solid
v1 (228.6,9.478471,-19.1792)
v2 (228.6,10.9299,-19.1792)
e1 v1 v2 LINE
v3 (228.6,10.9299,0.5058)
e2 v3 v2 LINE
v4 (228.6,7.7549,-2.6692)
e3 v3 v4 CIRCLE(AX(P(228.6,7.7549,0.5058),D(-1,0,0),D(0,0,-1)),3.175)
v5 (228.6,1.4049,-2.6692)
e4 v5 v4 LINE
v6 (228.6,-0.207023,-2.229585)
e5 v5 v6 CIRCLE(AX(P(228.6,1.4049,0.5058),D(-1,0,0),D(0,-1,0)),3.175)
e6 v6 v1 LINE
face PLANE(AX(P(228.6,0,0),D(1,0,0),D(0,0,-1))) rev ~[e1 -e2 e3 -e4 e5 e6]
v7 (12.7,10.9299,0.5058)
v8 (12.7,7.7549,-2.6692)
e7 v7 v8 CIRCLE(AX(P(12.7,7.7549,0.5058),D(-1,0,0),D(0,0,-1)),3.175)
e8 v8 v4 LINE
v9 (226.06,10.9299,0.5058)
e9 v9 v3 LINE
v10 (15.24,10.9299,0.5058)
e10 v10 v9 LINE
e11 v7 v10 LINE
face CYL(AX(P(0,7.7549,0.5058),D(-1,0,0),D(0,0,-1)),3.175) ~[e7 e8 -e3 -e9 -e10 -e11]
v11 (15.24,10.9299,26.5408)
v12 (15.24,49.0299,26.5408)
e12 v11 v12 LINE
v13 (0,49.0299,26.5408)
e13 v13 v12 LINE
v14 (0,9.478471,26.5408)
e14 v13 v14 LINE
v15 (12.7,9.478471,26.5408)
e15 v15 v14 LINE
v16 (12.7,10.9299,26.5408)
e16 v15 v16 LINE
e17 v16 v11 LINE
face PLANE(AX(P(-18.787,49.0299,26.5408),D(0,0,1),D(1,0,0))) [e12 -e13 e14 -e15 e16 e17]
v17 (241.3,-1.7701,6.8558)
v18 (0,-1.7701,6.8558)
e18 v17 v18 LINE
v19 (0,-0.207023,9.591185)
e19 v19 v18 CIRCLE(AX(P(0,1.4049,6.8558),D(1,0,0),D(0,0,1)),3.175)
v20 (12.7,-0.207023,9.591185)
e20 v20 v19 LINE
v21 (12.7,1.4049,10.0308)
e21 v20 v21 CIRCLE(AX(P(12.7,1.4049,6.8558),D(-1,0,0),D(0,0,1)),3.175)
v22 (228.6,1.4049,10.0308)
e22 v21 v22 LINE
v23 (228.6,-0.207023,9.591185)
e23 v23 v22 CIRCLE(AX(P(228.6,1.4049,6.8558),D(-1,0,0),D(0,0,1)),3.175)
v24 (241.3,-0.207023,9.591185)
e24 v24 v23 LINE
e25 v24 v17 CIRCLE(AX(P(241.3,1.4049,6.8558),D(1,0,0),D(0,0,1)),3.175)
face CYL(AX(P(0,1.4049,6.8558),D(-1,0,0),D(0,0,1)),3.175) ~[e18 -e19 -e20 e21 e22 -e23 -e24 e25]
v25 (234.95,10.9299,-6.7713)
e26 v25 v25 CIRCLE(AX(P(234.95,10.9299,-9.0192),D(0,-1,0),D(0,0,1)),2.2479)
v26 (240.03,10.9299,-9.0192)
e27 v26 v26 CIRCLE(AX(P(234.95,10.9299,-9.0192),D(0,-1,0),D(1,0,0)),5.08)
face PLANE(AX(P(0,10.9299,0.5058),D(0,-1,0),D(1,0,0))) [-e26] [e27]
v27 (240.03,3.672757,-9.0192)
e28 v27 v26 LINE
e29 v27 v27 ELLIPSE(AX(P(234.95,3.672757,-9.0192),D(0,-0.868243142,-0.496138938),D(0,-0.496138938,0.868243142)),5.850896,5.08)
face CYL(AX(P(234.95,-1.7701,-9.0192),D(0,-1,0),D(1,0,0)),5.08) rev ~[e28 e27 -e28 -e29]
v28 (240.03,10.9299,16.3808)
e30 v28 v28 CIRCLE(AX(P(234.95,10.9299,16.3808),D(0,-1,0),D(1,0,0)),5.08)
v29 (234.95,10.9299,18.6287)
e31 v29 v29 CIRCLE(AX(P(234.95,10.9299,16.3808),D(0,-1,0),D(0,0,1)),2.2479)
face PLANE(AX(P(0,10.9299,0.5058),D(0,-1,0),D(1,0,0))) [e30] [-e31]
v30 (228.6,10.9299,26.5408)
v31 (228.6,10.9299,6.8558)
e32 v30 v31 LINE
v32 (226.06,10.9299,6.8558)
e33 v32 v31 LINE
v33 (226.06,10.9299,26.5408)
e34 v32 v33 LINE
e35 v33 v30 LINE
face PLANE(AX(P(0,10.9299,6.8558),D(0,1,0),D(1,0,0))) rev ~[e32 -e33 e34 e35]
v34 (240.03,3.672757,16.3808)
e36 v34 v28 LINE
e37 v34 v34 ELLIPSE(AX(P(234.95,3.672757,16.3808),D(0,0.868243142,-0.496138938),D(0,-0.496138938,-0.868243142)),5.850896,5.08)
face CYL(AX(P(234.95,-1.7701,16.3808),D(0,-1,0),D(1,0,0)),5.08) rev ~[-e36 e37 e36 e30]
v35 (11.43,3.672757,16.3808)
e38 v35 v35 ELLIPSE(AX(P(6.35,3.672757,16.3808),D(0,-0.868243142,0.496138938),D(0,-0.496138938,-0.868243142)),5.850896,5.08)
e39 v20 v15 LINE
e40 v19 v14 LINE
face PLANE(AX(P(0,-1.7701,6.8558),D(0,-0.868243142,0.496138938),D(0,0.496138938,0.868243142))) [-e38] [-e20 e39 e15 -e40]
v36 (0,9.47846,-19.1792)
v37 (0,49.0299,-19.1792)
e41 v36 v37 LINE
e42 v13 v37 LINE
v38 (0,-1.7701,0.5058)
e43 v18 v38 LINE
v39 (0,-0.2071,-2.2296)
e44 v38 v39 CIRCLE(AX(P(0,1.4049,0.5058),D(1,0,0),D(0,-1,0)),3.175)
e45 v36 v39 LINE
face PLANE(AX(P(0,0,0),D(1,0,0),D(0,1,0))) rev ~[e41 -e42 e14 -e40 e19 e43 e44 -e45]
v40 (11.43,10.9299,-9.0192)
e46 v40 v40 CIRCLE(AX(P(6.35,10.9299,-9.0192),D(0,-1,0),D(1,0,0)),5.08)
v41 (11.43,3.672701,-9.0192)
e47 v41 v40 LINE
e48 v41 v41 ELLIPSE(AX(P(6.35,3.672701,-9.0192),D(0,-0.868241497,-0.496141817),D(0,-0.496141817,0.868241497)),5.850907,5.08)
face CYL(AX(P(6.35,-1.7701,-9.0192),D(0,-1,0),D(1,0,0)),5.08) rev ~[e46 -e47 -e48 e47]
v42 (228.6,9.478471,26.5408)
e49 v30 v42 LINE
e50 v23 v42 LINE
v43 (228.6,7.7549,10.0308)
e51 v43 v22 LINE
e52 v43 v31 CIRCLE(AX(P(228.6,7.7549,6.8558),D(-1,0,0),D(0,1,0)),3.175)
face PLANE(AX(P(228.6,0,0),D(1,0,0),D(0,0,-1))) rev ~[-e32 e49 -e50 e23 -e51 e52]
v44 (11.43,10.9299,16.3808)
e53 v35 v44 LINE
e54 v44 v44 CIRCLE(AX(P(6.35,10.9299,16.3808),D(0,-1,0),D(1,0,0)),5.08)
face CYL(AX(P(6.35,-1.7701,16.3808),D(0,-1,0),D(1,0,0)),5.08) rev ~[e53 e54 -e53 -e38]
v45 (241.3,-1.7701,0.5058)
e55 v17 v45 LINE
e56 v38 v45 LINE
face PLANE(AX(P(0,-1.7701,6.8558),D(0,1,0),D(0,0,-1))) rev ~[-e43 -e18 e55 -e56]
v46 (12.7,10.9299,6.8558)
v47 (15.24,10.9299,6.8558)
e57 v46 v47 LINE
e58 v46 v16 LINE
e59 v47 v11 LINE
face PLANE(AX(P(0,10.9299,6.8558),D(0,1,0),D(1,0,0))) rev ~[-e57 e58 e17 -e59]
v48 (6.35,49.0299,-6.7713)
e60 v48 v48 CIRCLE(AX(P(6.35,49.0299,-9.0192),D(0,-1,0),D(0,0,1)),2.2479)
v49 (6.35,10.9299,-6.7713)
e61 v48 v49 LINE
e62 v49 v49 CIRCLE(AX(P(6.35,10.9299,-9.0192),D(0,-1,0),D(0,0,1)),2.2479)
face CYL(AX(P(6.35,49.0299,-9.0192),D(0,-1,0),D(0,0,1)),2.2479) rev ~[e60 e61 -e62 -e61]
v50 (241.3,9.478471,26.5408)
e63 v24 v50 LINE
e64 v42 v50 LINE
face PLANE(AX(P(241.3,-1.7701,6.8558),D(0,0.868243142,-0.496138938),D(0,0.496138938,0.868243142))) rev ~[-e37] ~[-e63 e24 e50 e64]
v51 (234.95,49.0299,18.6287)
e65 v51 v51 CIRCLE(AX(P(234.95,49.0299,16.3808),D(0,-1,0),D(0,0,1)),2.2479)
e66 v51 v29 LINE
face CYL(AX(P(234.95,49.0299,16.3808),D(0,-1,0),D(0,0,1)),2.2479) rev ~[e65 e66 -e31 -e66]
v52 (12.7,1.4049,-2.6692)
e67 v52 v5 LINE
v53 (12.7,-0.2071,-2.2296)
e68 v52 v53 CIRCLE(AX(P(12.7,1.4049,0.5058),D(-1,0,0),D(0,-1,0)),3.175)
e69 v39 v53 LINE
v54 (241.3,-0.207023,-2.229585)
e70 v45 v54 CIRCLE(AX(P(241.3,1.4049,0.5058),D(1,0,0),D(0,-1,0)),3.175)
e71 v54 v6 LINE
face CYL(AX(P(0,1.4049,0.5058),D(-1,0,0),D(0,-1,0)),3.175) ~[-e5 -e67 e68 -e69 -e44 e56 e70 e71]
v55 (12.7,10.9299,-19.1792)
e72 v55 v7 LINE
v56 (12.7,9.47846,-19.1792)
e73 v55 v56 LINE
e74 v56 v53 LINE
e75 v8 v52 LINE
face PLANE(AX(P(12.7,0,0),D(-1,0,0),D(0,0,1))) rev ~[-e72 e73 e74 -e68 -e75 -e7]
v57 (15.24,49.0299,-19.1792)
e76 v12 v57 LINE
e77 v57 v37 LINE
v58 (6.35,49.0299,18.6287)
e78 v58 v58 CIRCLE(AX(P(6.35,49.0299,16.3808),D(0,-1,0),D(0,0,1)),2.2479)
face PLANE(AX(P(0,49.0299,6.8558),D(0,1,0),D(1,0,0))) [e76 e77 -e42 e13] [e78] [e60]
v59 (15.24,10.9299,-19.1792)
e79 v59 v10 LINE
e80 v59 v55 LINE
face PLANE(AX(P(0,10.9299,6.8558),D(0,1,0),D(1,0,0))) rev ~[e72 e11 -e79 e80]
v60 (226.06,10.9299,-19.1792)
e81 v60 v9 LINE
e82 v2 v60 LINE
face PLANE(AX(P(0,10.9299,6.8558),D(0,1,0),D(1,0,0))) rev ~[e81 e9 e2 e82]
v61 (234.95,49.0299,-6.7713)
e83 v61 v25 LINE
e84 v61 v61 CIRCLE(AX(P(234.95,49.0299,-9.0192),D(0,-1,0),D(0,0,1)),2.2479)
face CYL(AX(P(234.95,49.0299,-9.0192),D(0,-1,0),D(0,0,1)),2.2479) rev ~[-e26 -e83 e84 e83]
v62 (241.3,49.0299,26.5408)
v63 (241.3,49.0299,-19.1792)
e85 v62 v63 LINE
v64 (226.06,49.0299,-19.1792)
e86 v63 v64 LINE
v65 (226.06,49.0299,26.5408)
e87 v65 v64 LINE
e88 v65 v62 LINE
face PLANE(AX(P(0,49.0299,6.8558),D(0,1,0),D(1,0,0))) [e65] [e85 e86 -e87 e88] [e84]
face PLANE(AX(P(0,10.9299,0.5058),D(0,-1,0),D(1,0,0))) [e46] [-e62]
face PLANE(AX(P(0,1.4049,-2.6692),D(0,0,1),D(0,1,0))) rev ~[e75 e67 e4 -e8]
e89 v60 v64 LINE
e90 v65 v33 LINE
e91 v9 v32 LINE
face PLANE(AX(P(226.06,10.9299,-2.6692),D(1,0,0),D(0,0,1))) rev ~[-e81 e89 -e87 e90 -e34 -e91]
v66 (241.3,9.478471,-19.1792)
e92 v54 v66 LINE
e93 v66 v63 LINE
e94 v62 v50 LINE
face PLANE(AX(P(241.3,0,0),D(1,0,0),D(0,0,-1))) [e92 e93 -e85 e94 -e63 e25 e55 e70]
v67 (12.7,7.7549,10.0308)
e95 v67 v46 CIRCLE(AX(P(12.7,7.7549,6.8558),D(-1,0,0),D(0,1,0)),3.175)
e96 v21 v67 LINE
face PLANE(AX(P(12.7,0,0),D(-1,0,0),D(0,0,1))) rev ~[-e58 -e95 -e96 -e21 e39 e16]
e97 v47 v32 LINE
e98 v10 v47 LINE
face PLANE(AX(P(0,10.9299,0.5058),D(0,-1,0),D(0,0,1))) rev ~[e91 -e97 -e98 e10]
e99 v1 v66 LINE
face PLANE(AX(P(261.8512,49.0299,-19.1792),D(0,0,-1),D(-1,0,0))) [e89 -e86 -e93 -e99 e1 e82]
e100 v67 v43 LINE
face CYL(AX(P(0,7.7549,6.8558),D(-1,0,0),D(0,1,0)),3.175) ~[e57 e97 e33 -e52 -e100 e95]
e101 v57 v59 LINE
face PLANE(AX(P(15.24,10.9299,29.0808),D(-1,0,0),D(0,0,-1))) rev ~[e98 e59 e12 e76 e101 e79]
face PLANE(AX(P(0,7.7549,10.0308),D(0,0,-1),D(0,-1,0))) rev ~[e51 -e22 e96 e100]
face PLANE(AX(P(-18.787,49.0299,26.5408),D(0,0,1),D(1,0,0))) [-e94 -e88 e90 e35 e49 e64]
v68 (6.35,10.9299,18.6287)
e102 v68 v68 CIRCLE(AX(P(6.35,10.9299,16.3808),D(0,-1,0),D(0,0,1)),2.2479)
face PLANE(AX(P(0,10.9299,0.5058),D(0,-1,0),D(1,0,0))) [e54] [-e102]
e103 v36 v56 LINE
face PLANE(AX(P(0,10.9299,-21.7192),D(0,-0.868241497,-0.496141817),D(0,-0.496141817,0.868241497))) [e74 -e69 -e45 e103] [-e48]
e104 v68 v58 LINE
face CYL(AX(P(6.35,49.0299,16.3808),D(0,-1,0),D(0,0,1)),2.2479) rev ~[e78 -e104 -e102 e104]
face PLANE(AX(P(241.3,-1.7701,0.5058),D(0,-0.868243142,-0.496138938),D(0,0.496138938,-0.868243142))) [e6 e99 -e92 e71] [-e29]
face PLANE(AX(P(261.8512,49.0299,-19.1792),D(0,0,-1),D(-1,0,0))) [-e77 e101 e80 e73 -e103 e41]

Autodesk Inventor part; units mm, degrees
ref_plane "YZ Plane" through (0, 0, 0) normal (1, 0, 0) x (0, 1, 0)
ref_plane "XZ Plane" through (0, 0, 0) normal (0, 1, 0) x (-1, 0, 0)
ref_plane "XY Plane" through (0, 0, 0) normal (0, 0, 1) x (1, 0, 0)
sketch "Sketch1" plane through (0, 0, 0) normal (1, 0, 0) x (0, 1, 0)
  line L0 (7.7549, 10.0308) -> (1.4049, 10.0308)
  line L1 (-1.7701, 6.8558) -> (-1.7701, 0.5058)
  line L2 (1.4049, -2.6692) -> (7.7549, -2.6692)
  line L3 (10.9299, 0.5058) -> (10.9299, 6.8558)
  arc A0 (10.9299, 6.8558) -> (7.7549, 10.0308) centre (7.7549, 6.8558) ccw
  arc A1 (7.7549, -2.6692) -> (10.9299, 0.5058) centre (7.7549, 0.5058) ccw
  arc A2 (-1.7701, 0.5058) -> (1.4049, -2.6692) centre (1.4049, 0.5058) ccw
  arc A3 (1.4049, 10.0308) -> (-1.7701, 6.8558) centre (1.4049, 6.8558) ccw
  point P0 (0, 0)
  point P1 (10.9299, 10.0308)
  point P2 (-1.7701, -2.6692)
  point P3 (-1.7701, 10.0308)
  dimension "d0" = 12.7
  dimension "d1" = 12.7
  dimension "d2" = 3.175
extrude "Extrusion1" add sketch "Sketch1" along normal blind 241.3
sketch "Sketch2" plane through (0, 10.9299, 6.8558) normal (0, 1, 0) x (1, 0, 0)
  line L0 (0, -22.225) -> (15.24, -22.225)
  line L1 (15.24, -22.225) -> (15.24, 28.575)
  line L2 (15.24, 28.575) -> (0, 28.575)
  line L3 (0, 28.575) -> (0, -22.225)
  line L4 (0, -3.175) -> (241.3, -3.175) projected
  line L5 (0, 9.525) -> (241.3, 9.525) projected
  line L6 (226.06, -22.225) -> (241.3, -22.225)
  line L7 (241.3, -22.225) -> (241.3, 28.575)
  line L8 (241.3, 28.575) -> (226.06, 28.575)
  line L9 (226.06, 28.575) -> (226.06, -22.225)
  line L10 (241.3, 6.35) -> (241.3, 0) projected
  point P0 (0, 6.8558)
  dimension "d5" = 19.05
  dimension "d6" = 19.05
  dimension "d7" = 15.24
  dimension "d8" = 0
  dimension "d9" = 19.05
  dimension "d10" = 19.05
  dimension "d11" = 15.24
extrude "Extrusion2" add sketch "Sketch2" along normal blind 38.1 contours L3 L4 L1 L0 | L3 L5 L1 L4 | L3 L2 L1 L5 | L9 L5 L7 L4 | L4 L7 L6 L9 | L9 L8 L7 L5
sketch "Sketch4" plane through (241.3, 0, 0) normal (1, 0, 0) x (0, 0, -1)
  line L0 (-29.0808, 10.9299) -> (-6.8558, 10.9299) projected
  line L1 (-0.5058, 10.9299) -> (21.7192, 10.9299) projected
  line L2 (-6.8558, -1.7701) -> (-0.5058, -1.7701) projected
  line L3 (-6.8558, -1.7701) -> (-29.0808, 10.9299)
  line L4 (-6.8558, -1.7701) -> (-0.5058, -1.7701) projected
  line L5 (-0.5058, -1.7701) -> (21.7192, 10.9299)
  line L6 (-0.5058, -1.7701) -> (-6.8558, -1.7701)
  line L7 (-6.8558, 10.9299) -> (-29.0808, 10.9299) projected
  line L8 (21.7192, 10.9299) -> (-29.0808, 10.9299)
  point P0 (0, 0)
extrude "Extrusion3" add sketch "Sketch4" against normal blind 12.7
sketch "Sketch3" plane through (0, 49.0299, 6.8558) normal (0, 1, 0) x (1, 0, 0)
  line L0 (0, -22.225) -> (15.24, -22.225) projected
  line L1 (0, 28.575) -> (0, -22.225) projected
  line L2 (241.3, -22.225) -> (241.3, 28.575) projected
  line L3 (241.3, 28.575) -> (226.06, 28.575) projected
  line L4 (226.06, -22.225) -> (241.3, -22.225) projected
  point P0 (0, 6.8558)
  point P1 (6.35, -9.525)
  point P2 (6.35, 15.875)
  point P3 (234.95, -9.525)
  point P4 (234.95, 15.875)
  dimension "d14" = 25.4
  dimension "d15" = 12.7
  dimension "d16" = 0
  dimension "d17" = 6.35
  dimension "d18" = 0
  dimension "d19" = 6.35
  dimension "d20" = 12.7
  dimension "d21" = 12.7
hole "Hole1" at (6.35, 49.0299, 16.3808) at (6.35, 49.0299, -9.0192) at (234.95, 49.0299, 16.3808) at (234.95, 49.0299, -9.0192) direction (0, -1, 0) diameter 4.4958 depth 25.4 tip angle 118 clearance for "Flat Head Machine Screw (82)" size "#8" standard "Ansi Unified Screw Threads"
sketch "Sketch5" plane through (0, 0, 0) normal (-1, 0, 0) x (0, 0, 1)
  line L0 (6.8558, -1.7701) -> (0.5058, -1.7701) projected
  line L1 (6.8558, 10.9299) -> (29.0808, 10.9299) projected
  line L2 (-21.7192, 10.9299) -> (0.5058, 10.9299) projected
  line L3 (-21.7192, 10.9299) -> (-2.2296, -0.2071) projected
  line L4 (29.0808, 10.9299) -> (-21.7192, 10.9299)
  line L5 (-21.7192, 10.9299) -> (0.5058, -1.7701)
  line L6 (6.8558, -1.7701) -> (0.5058, -1.7701) projected
  line L7 (29.0808, 10.9299) -> (29.0808, 49.0299) projected
  line L8 (6.8558, -1.7701) -> (29.0808, 10.9299)
  point P0 (0, 0)
extrude "Extrusion4" add sketch "Sketch5" against normal blind 12.7
sketch "Sketch6" plane through (0, 49.0299, 6.8558) normal (0, 1, 0) x (1, 0, 0)
  circle A0 centre (6.35, -9.525) radius 2.2479 projected
  circle A1 centre (6.35, 15.875) radius 2.2479 projected
  circle A2 centre (234.95, -9.525) radius 2.2479 projected
  circle A3 centre (234.95, 15.875) radius 2.2479 projected
  circle A4 centre (234.95, -9.525) radius 2.2479 projected
  point P0 (0, 6.8558)
hole "Hole2" at (234.95, 49.0299, 16.3808) at (234.95, 49.0299, -9.0192) at (6.35, 49.0299, -9.0192) at (6.35, 49.0299, 16.3808) direction (0, -1, 0) diameter 4.4958 end through all clearance for "Flat Head Machine Screw (82)" size "#8" standard "Ansi Unified Screw Threads"
sketch "Sketch7" plane through (0, -1.7701, 0.5058) normal (0, -1, 0) x (1, 0, 0)
  circle A0 centre (6.35, -9.525) radius 2.2479 projected
  circle A1 centre (6.35, 15.875) radius 2.2479 projected
  circle A2 centre (234.95, 15.875) radius 2.2479 projected
  circle A3 centre (234.95, -9.525) radius 2.2479 projected
  circle A4 centre (234.95, -9.525) radius 5.08
  circle A5 centre (234.95, 15.875) radius 5.08
  circle A6 centre (6.35, -9.525) radius 5.08
  circle A7 centre (6.35, 15.875) radius 5.08
  point P0 (0, -0.5058)
  dimension "d40" = 10.16
  dimension "d41" = 10.16
  dimension "d42" = 10.16
  dimension "d43" = 10.16
extrude "Extrusion5" cut sketch "Sketch7" against normal blind 12.7
sketch "Sketch8" plane through (0, 49.0299, 6.8558) normal (0, 1, 0) x (1, 0, 0)
  line L0 (261.8512, -57.5381) -> (-18.787, -57.5381)
  line L1 (-18.787, -57.5381) -> (-18.787, -19.685)
  line L2 (-18.787, -19.685) -> (261.8512, -19.685)
  line L3 (261.8512, -19.685) -> (261.8512, -57.5381)
  line L4 (261.8512, 26.035) -> (-15.1591, 26.035)
  line L5 (-15.1591, 26.035) -> (-15.1591, 48.4462)
  line L6 (-15.1591, 48.4462) -> (261.8512, 48.4462)
  line L7 (261.8512, 48.4462) -> (261.8512, 26.035)
  line L8 (226.06, -22.225) -> (241.3, -22.225) projected
  line L9 (241.3, 28.575) -> (226.06, 28.575) projected
  point P0 (0, 6.8558)
  dimension "d46" = 2.54
  dimension "d47" = 2.54
extrude "Extrusion6" cut sketch "Sketch8" against normal blind 71.4375
properties part number "Handle"
